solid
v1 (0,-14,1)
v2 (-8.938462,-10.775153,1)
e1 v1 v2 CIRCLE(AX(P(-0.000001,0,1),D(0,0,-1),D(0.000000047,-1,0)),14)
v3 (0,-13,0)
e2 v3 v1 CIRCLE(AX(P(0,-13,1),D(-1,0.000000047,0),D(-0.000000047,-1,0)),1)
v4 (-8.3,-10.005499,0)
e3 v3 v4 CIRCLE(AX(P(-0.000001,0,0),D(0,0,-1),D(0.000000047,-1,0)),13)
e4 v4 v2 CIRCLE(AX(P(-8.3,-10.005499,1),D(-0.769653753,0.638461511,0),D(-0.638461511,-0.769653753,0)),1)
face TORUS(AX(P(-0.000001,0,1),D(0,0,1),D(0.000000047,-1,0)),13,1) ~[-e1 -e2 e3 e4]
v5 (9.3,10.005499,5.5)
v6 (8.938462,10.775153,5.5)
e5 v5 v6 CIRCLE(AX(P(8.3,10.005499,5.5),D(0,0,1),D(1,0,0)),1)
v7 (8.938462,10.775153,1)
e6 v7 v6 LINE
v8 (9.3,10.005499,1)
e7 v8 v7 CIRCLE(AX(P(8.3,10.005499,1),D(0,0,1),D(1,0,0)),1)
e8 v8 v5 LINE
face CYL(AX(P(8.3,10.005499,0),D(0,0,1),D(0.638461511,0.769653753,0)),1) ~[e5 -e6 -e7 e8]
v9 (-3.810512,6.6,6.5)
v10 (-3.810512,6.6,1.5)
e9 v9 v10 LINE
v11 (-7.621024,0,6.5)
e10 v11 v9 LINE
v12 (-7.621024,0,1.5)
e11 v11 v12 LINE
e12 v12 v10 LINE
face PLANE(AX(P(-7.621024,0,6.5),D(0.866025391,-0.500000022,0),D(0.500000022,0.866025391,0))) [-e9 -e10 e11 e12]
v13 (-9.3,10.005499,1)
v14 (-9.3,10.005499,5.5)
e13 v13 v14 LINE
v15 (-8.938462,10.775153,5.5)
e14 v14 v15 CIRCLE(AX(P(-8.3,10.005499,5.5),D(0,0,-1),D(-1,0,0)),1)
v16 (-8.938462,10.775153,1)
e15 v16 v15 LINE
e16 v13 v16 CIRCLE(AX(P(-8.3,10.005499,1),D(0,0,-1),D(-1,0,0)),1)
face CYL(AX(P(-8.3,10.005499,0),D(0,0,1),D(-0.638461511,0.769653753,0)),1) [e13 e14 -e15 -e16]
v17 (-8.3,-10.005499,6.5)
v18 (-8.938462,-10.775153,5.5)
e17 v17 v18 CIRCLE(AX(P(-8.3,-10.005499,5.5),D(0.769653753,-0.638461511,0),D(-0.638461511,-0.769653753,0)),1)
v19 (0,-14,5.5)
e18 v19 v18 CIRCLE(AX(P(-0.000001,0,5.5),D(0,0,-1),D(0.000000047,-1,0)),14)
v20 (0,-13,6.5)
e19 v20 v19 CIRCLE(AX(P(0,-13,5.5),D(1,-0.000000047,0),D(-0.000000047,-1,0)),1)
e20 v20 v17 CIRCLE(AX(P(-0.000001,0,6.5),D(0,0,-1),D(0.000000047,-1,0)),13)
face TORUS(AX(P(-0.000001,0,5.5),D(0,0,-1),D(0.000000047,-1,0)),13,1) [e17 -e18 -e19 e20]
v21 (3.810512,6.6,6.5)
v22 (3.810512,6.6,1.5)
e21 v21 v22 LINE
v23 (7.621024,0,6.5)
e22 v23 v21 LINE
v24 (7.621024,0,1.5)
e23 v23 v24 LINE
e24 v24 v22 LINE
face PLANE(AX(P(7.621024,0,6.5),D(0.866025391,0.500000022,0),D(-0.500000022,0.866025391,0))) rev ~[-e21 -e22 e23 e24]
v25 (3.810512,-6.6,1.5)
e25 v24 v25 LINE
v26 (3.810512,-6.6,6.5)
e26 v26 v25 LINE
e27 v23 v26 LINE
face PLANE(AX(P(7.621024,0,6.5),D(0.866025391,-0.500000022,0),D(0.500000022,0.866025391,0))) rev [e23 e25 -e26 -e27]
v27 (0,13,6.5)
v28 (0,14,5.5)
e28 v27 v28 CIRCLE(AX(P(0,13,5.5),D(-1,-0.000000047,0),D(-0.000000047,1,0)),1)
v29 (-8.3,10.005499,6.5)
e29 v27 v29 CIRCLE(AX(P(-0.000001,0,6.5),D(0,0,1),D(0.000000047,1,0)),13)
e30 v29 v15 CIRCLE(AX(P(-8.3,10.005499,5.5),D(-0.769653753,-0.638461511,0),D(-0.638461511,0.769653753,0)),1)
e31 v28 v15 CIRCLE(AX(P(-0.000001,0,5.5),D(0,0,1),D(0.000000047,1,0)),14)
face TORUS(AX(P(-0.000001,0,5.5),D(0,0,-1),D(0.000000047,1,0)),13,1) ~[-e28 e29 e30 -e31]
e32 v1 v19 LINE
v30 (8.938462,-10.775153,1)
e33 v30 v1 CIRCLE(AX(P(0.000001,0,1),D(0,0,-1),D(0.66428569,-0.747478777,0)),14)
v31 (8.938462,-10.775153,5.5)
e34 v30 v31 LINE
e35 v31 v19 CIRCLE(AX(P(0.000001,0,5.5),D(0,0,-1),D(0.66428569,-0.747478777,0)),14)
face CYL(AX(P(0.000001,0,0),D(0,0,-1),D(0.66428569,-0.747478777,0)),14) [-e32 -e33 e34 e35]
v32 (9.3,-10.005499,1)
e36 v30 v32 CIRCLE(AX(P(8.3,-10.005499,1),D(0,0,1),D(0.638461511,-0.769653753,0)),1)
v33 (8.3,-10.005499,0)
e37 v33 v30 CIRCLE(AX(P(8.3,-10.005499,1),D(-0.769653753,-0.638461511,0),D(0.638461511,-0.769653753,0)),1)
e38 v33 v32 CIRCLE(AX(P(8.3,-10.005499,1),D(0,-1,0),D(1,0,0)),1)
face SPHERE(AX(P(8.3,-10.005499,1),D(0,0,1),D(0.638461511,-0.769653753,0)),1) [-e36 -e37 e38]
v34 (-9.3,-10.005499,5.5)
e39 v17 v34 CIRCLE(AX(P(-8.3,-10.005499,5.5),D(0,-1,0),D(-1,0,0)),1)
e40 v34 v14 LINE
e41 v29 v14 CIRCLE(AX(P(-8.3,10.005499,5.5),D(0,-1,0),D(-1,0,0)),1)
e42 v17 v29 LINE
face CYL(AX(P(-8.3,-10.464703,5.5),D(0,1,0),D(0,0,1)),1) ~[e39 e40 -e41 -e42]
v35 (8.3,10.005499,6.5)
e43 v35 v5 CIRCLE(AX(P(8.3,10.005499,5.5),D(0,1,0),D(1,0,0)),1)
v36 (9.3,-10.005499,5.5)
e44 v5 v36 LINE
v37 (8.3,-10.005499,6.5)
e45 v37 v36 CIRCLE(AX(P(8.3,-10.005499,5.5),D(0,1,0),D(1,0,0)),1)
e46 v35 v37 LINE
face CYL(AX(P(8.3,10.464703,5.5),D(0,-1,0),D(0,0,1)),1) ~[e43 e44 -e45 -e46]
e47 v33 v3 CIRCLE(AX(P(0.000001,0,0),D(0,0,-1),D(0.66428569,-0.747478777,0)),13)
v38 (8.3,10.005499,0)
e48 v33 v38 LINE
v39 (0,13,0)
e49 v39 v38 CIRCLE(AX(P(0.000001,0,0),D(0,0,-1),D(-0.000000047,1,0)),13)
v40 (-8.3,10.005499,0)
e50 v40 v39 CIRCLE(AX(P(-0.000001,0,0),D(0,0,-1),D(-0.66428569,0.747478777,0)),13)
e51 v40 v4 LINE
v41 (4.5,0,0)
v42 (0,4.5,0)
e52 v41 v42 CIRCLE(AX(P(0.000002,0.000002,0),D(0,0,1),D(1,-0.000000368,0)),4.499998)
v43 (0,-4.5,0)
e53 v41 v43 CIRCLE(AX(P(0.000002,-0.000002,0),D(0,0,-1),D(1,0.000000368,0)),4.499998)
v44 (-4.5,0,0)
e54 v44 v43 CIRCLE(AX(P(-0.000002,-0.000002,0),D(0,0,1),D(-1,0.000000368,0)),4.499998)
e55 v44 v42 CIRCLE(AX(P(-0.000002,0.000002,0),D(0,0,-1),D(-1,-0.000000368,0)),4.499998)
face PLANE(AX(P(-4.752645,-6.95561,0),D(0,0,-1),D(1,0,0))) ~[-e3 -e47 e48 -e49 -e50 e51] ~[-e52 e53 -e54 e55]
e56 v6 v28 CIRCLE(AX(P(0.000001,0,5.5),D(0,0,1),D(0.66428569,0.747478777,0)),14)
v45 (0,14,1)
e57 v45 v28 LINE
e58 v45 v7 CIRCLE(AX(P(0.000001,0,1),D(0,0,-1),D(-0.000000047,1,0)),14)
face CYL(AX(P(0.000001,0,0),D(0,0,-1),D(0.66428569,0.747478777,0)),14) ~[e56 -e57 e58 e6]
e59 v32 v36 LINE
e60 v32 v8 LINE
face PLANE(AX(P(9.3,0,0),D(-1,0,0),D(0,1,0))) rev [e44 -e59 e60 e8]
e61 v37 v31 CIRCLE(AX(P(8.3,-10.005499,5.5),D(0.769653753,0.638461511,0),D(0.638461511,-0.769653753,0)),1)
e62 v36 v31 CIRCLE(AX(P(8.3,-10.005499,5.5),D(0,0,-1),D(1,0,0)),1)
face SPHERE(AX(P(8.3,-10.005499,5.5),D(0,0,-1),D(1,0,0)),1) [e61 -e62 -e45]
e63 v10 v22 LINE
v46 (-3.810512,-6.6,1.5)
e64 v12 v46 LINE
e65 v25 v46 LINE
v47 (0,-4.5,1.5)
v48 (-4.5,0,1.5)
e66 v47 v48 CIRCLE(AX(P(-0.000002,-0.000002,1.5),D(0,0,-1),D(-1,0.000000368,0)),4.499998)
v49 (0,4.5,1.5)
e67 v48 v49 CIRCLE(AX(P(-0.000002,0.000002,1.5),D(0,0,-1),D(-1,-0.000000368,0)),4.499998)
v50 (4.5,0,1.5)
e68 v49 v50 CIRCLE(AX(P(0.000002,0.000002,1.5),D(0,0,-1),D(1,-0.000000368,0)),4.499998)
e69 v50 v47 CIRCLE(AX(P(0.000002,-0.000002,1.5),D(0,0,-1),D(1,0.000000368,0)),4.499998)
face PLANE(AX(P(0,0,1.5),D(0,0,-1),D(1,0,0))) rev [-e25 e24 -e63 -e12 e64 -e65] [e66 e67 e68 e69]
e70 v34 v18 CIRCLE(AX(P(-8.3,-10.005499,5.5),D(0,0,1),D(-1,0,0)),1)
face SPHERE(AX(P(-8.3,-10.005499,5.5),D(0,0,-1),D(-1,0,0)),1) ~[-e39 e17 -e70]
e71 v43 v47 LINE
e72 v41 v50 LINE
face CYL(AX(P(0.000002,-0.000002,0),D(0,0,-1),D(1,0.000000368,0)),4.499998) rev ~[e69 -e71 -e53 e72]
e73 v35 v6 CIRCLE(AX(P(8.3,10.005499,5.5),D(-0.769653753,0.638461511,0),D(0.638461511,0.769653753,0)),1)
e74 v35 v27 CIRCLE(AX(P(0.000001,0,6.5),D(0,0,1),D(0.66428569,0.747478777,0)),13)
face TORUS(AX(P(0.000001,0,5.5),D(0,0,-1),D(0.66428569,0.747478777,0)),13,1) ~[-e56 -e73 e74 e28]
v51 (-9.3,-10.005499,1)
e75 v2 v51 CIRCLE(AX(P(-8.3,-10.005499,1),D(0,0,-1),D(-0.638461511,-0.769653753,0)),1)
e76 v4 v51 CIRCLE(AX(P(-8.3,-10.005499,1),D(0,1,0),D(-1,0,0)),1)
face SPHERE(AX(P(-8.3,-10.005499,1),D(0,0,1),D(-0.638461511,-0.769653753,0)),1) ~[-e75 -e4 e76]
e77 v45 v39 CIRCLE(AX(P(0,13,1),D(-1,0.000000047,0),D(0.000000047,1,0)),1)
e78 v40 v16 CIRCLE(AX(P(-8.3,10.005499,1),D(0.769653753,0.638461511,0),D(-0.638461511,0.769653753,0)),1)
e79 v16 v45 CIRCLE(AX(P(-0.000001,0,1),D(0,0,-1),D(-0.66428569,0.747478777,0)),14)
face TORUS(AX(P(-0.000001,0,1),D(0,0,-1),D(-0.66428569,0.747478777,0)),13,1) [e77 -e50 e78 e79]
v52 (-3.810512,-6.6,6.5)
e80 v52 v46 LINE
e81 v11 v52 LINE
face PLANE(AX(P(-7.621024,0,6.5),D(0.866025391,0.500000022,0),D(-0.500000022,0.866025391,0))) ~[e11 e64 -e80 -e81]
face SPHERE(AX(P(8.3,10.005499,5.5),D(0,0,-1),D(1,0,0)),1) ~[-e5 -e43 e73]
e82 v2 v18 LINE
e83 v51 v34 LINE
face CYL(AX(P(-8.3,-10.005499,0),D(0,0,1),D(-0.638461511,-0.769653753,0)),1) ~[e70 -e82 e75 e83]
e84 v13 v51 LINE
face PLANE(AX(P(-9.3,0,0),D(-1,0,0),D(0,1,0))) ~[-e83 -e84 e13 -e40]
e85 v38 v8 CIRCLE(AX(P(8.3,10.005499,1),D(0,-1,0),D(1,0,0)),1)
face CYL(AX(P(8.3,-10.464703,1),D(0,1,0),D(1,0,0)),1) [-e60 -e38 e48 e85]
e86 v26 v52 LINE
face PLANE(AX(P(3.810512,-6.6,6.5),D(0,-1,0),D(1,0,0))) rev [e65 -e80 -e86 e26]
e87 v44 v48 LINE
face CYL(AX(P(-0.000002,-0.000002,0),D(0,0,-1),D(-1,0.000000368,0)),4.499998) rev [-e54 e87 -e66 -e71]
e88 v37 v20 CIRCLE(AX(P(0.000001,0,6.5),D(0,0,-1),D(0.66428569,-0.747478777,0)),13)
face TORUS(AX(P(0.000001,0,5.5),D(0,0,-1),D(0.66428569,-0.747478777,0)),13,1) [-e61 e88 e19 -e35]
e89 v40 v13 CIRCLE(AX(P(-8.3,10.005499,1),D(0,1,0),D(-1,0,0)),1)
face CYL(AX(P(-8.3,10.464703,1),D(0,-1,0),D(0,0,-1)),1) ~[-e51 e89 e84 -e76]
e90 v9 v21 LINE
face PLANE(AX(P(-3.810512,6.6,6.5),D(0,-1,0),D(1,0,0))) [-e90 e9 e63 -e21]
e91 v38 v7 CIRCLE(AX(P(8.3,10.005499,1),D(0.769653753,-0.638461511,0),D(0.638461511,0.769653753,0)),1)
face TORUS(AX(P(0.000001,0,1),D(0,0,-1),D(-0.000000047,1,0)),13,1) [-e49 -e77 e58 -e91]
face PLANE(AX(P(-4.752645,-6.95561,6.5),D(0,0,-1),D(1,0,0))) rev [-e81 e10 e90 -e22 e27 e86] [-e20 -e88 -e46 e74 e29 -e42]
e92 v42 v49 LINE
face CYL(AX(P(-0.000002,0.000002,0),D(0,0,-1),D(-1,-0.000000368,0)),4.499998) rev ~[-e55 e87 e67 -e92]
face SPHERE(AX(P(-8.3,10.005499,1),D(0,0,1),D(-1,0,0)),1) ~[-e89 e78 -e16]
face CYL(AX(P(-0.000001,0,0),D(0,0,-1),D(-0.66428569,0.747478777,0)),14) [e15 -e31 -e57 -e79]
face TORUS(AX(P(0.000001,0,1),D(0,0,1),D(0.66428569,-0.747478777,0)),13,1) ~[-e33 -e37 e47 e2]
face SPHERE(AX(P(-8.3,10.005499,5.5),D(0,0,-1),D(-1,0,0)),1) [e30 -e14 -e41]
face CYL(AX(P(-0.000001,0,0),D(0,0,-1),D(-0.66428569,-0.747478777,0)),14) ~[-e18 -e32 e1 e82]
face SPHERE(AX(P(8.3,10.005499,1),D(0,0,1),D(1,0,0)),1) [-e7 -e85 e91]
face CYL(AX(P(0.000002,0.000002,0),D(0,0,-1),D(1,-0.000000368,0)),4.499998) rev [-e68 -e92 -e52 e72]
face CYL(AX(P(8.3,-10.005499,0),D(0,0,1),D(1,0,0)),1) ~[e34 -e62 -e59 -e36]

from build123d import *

# Parameters (mm, degrees)
PAD_DEPTH               = 6.5
POCKET_DEPTH            = 5
PAD_MIRRORED_2_DEPTH    = 6.5
POCKET_MIRRORED_2_DEPTH = 5
FILLET_R                = 1


with BuildPart() as part:
    # Sketch → Pad (new body)
    with BuildSketch(Plane.XY):
        with BuildLine():
            ThreePointArc((9.3, 10.464703), (4.974644, 13.086364), (0, 14))
            Line((0, 4.5), (0, 14))
            ThreePointArc((4.5, 0), (3.181981, 3.181981), (0, 4.5))
            Line((4.5, 0), (9.3, 0))
            Line((9.3, 0), (9.3, 10.464703))
        make_face()
    pad = extrude(amount=PAD_DEPTH)

    # Sketch001 → Pocket (cut)
    with BuildSketch(Plane.XY.offset(6.5)):
        Polygon((7.621024, 0), (3.810512, 6.6), (-3.810512, 6.6), (-7.621024, 0), (-3.810512, -6.6), (3.810512, -6.6), align=None)
    pocket = extrude(amount=-POCKET_DEPTH, mode=Mode.SUBTRACT)

    # Sketch Mirrored 2 → Pad Mirrored 2 (add)
    with BuildSketch(Plane(origin=(0, 0, 0), x_dir=(-1, 0, 0), z_dir=(0, 0, -1))):
        with BuildLine():
            ThreePointArc((9.3, 10.464703), (4.974644, 13.086364), (0, 14))
            Line((0, 4.5), (0, 14))
            ThreePointArc((4.5, 0), (3.181981, 3.181981), (0, 4.5))
            Line((4.5, 0), (9.3, 0))
            Line((9.3, 0), (9.3, 10.464703))
        make_face()
    pad_mirrored_2 = extrude(amount=-PAD_MIRRORED_2_DEPTH)

    # Sketch001 Mirrored 2 → Pocket Mirrored 2 (cut)
    with BuildSketch(Plane(origin=(0, 0, 6.5), x_dir=(-1, 0, 0), z_dir=(0, 0, -1))):
        Polygon((7.621024, 0), (3.810512, 6.6), (-3.810512, 6.6), (-7.621024, 0), (-3.810512, -6.6), (3.810512, -6.6), align=None)
    pocket_mirrored_2 = extrude(amount=POCKET_MIRRORED_2_DEPTH, mode=Mode.SUBTRACT)

    # Mirrored001: Pad, Pocket, Pad Mirrored 2, Pocket Mirrored 2 across Sketch H_Axis
    add(pad.mirror(Plane.ZX))
    add(pocket.mirror(Plane.ZX), mode=Mode.SUBTRACT)
    add(pad_mirrored_2.mirror(Plane.ZX))
    add(pocket_mirrored_2.mirror(Plane.ZX), mode=Mode.SUBTRACT)

    # Fillet
    fillet_edges = [part.edges().sort_by_distance(p)[0] for p in [
        (-9.3, -5.232351, 6.5),
        (9.3, -5.232351, 6.5),
        (4.974644, -13.086364, 6.5),
        (4.974644, 13.086364, 6.5),
        (4.974644, -13.086364, 0),
        (9.3, -5.232351, 0),
        (-9.3, -5.232351, 0),
        (-4.974644, 13.086364, 0),
        (9.3, -10.464703, 3.25),
        (-9.3, -10.464703, 3.25),
        (-9.3, 10.464703, 3.25),
        (9.3, 10.464703, 3.25),
    ]]
    fillet(fillet_edges, radius=FILLET_R)


solid = part.part
